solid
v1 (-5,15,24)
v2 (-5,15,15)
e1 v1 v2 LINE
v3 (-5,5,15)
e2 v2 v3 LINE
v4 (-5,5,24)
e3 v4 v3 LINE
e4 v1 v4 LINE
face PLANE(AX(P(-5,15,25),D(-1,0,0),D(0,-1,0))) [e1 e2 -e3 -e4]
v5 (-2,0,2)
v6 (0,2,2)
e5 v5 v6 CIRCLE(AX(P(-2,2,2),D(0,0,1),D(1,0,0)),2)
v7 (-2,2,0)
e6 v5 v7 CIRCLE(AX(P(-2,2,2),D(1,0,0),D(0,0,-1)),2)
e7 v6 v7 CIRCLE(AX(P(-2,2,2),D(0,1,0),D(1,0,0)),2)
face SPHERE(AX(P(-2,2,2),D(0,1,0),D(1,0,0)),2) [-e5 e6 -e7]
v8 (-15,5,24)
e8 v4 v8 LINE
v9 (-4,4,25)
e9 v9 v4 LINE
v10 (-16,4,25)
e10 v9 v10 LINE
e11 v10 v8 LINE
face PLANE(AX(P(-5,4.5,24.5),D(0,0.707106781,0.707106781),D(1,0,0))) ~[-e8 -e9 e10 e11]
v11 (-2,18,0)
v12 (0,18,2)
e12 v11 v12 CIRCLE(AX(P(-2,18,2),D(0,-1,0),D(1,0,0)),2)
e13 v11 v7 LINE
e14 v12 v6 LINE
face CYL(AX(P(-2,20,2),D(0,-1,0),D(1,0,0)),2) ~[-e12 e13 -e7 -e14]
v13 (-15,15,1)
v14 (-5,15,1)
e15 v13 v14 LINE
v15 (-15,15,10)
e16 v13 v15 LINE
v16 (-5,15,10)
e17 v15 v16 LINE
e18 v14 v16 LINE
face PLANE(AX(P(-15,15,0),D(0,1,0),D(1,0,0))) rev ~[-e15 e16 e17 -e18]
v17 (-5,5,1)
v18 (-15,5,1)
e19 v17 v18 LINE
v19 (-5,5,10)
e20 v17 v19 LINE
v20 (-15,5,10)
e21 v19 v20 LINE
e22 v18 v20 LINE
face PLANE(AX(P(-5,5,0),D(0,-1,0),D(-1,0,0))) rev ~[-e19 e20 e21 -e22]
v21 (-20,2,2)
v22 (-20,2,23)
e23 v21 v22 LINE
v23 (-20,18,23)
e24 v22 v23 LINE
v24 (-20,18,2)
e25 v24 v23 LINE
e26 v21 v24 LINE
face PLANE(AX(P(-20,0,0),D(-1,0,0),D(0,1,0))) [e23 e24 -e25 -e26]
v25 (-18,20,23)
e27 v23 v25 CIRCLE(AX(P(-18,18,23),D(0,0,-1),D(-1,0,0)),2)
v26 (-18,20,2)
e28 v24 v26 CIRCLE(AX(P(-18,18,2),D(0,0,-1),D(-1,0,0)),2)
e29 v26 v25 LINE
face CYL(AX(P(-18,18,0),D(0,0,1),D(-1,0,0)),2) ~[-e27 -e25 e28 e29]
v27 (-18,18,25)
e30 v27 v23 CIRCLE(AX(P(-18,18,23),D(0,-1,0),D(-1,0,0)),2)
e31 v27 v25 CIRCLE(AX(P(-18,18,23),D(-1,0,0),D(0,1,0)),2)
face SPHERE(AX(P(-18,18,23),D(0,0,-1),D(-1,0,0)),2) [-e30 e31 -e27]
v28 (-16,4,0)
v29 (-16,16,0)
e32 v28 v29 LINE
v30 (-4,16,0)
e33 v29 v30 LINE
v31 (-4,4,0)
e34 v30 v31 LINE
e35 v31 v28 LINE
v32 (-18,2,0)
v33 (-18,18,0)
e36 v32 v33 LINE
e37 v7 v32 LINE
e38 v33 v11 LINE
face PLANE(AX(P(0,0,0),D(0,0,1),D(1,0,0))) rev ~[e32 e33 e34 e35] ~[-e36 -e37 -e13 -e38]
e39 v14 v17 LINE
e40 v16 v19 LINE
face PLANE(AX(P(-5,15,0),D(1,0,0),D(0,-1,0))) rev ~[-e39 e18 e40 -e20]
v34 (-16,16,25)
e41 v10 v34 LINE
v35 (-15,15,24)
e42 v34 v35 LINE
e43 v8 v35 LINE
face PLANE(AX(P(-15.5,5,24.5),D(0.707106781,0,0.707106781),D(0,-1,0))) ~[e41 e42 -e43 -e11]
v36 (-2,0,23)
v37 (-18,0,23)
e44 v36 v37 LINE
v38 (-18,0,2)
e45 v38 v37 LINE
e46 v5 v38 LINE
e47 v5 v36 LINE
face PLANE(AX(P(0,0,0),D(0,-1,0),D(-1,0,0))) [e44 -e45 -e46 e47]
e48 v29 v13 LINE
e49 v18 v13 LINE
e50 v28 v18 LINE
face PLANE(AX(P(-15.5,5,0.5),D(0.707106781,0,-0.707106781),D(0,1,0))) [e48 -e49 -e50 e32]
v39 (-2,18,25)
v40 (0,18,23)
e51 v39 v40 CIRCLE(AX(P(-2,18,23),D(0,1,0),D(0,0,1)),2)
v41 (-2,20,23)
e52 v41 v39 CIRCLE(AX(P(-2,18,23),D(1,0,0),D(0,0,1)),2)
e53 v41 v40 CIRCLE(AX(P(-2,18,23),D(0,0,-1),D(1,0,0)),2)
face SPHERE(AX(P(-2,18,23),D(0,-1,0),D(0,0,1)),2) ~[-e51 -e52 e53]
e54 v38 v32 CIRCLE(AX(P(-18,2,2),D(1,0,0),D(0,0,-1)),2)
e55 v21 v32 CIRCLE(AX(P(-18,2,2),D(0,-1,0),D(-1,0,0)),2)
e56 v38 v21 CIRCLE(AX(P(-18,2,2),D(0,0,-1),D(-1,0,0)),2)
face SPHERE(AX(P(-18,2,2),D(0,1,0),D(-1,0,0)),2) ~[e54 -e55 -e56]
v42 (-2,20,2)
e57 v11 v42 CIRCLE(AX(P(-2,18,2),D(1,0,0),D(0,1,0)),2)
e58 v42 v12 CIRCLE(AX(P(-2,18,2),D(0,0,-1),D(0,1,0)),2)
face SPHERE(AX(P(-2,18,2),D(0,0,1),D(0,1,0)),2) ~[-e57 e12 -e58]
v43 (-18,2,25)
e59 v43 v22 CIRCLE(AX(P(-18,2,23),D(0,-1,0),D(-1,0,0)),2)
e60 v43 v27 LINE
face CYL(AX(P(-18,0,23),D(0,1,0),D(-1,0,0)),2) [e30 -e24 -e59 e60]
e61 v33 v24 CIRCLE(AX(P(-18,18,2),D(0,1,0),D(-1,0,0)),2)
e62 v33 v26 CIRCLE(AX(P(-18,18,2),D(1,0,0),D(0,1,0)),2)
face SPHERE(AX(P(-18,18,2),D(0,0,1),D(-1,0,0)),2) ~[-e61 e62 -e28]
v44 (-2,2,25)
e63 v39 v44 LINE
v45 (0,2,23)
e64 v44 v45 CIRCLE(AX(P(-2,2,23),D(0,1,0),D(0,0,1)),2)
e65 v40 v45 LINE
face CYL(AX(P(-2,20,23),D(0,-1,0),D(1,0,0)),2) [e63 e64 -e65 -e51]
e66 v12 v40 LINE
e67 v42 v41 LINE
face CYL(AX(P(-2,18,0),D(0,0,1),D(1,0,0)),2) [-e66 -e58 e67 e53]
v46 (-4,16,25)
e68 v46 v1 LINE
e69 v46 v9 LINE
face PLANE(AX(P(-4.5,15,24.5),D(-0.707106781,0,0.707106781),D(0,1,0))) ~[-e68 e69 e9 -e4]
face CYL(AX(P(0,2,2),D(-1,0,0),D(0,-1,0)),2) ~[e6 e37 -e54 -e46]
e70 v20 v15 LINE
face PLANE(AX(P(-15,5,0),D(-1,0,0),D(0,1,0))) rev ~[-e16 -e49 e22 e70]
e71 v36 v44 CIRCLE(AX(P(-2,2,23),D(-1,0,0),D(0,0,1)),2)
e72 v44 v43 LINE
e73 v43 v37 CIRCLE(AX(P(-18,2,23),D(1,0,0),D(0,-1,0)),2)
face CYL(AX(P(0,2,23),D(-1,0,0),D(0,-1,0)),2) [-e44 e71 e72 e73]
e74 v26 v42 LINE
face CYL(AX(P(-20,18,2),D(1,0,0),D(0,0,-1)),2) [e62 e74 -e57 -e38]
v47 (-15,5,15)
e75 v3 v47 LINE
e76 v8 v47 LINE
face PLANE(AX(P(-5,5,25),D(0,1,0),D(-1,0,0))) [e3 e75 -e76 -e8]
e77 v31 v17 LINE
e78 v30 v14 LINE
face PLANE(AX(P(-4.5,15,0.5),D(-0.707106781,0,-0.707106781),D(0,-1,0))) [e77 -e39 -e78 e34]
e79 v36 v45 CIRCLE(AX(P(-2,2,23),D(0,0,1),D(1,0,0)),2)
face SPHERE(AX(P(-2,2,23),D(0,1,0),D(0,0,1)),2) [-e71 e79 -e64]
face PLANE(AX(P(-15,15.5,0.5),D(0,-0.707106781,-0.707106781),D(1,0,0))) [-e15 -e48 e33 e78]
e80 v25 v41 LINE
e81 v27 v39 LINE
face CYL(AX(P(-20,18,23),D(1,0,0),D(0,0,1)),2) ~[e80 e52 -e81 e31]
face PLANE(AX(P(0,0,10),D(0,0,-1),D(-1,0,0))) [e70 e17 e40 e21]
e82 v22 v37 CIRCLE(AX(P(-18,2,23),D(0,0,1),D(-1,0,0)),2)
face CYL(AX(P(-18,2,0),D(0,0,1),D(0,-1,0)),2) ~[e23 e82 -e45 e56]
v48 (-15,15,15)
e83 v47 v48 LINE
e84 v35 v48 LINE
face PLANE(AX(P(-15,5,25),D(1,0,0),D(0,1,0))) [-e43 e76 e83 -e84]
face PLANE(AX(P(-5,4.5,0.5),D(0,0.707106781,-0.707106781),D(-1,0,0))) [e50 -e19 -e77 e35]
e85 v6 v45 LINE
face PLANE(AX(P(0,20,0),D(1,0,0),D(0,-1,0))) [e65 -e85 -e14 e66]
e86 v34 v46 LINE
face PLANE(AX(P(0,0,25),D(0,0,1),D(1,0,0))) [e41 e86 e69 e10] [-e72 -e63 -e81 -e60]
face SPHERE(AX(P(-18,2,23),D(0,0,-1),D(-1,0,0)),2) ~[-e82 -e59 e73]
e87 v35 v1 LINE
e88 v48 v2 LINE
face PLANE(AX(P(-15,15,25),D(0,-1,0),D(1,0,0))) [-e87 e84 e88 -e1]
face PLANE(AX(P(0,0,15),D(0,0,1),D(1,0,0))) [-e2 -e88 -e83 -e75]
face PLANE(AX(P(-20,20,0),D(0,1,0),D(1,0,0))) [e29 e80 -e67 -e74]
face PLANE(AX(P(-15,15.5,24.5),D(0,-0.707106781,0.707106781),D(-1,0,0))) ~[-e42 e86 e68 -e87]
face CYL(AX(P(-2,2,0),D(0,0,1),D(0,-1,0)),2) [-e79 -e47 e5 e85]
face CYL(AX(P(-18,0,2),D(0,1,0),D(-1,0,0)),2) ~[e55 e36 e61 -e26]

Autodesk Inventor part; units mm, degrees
ref_plane "YZ Plane" through (0, 0, 0) normal (1, 0, 0) x (0, 1, 0)
ref_plane "XZ Plane" through (0, 0, 0) normal (0, 1, 0) x (-1, 0, 0)
ref_plane "XY Plane" through (0, 0, 0) normal (0, 0, 1) x (1, 0, 0)
sketch "Sketch14" plane through (0, 0, 0) normal (0, 0, 1) x (1, 0, 0)
  line L0 (0, 0) -> (-20, 0)
  line L1 (-20, 0) -> (-20, 20)
  line L2 (-20, 20) -> (0, 20)
  line L3 (0, 20) -> (0, 0)
  line L4 (-5, 5) -> (-10, 5)
  line L5 (-10, 5) -> (-10, 10)
  line L6 (-10, 10) -> (-5, 10)
  line L7 (-5, 10) -> (-5, 5)
  dimension "d71" = 20
  dimension "d72" = 20
  dimension "d73" = 5
  dimension "d74" = 5
extrude "Extrusion9" add sketch "Sketch14" along normal blind 25 contours L0 L1 L2 L3 | L4 L5 L6 L7
fillet "Fillet1" radius 2 12 edges at (-20, 20, 12.5) (-20, 10, 0) (-20, 0, 12.5) (-20, 10, 25) (0, 10, 25) (-10, 20, 25) (0, 20, 12.5) (-10, 20, 0) (-10, 0, 25) (0, 10, 0) (0, 0, 12.5) (-10, 0, 0)
sketch "Sketch24" plane through (0, 0, 25) normal (0, 0, 1) x (1, 0, 0)
  line L0 (-15, 15) -> (-5, 15)
  line L1 (-5, 15) -> (-5, 5)
  line L2 (-5, 5) -> (-15, 5)
  line L3 (-15, 5) -> (-15, 15)
  point P0 (0, 0)
  dimension "d176" = 10
  dimension "d177" = 10
extrude "Extrusion16" cut sketch "Sketch24" against normal blind 10
sketch "Sketch31" plane through (0, 0, 0) normal (0, 0, -1) x (-1, 0, 0)
  line L0 (5, 5) -> (15, 5)
  line L1 (15, 5) -> (15, 15)
  line L2 (15, 15) -> (5, 15)
  line L3 (5, 15) -> (5, 5)
  point P0 (0, 0)
  dimension "d231" = 10
  dimension "d232" = 10
extrude "Extrusion18" cut sketch "Sketch31" against normal blind 10
chamfer "Chamfer15" distance 1 angle 45 8 edges at (-10, 15, 0) (-15, 10, 0) (-10, 5, 0) (-5, 10, 0) (-10, 15, 25) (-5, 10, 25) (-10, 5, 25) (-15, 10, 25)
properties part number "Hole_TestFits"
